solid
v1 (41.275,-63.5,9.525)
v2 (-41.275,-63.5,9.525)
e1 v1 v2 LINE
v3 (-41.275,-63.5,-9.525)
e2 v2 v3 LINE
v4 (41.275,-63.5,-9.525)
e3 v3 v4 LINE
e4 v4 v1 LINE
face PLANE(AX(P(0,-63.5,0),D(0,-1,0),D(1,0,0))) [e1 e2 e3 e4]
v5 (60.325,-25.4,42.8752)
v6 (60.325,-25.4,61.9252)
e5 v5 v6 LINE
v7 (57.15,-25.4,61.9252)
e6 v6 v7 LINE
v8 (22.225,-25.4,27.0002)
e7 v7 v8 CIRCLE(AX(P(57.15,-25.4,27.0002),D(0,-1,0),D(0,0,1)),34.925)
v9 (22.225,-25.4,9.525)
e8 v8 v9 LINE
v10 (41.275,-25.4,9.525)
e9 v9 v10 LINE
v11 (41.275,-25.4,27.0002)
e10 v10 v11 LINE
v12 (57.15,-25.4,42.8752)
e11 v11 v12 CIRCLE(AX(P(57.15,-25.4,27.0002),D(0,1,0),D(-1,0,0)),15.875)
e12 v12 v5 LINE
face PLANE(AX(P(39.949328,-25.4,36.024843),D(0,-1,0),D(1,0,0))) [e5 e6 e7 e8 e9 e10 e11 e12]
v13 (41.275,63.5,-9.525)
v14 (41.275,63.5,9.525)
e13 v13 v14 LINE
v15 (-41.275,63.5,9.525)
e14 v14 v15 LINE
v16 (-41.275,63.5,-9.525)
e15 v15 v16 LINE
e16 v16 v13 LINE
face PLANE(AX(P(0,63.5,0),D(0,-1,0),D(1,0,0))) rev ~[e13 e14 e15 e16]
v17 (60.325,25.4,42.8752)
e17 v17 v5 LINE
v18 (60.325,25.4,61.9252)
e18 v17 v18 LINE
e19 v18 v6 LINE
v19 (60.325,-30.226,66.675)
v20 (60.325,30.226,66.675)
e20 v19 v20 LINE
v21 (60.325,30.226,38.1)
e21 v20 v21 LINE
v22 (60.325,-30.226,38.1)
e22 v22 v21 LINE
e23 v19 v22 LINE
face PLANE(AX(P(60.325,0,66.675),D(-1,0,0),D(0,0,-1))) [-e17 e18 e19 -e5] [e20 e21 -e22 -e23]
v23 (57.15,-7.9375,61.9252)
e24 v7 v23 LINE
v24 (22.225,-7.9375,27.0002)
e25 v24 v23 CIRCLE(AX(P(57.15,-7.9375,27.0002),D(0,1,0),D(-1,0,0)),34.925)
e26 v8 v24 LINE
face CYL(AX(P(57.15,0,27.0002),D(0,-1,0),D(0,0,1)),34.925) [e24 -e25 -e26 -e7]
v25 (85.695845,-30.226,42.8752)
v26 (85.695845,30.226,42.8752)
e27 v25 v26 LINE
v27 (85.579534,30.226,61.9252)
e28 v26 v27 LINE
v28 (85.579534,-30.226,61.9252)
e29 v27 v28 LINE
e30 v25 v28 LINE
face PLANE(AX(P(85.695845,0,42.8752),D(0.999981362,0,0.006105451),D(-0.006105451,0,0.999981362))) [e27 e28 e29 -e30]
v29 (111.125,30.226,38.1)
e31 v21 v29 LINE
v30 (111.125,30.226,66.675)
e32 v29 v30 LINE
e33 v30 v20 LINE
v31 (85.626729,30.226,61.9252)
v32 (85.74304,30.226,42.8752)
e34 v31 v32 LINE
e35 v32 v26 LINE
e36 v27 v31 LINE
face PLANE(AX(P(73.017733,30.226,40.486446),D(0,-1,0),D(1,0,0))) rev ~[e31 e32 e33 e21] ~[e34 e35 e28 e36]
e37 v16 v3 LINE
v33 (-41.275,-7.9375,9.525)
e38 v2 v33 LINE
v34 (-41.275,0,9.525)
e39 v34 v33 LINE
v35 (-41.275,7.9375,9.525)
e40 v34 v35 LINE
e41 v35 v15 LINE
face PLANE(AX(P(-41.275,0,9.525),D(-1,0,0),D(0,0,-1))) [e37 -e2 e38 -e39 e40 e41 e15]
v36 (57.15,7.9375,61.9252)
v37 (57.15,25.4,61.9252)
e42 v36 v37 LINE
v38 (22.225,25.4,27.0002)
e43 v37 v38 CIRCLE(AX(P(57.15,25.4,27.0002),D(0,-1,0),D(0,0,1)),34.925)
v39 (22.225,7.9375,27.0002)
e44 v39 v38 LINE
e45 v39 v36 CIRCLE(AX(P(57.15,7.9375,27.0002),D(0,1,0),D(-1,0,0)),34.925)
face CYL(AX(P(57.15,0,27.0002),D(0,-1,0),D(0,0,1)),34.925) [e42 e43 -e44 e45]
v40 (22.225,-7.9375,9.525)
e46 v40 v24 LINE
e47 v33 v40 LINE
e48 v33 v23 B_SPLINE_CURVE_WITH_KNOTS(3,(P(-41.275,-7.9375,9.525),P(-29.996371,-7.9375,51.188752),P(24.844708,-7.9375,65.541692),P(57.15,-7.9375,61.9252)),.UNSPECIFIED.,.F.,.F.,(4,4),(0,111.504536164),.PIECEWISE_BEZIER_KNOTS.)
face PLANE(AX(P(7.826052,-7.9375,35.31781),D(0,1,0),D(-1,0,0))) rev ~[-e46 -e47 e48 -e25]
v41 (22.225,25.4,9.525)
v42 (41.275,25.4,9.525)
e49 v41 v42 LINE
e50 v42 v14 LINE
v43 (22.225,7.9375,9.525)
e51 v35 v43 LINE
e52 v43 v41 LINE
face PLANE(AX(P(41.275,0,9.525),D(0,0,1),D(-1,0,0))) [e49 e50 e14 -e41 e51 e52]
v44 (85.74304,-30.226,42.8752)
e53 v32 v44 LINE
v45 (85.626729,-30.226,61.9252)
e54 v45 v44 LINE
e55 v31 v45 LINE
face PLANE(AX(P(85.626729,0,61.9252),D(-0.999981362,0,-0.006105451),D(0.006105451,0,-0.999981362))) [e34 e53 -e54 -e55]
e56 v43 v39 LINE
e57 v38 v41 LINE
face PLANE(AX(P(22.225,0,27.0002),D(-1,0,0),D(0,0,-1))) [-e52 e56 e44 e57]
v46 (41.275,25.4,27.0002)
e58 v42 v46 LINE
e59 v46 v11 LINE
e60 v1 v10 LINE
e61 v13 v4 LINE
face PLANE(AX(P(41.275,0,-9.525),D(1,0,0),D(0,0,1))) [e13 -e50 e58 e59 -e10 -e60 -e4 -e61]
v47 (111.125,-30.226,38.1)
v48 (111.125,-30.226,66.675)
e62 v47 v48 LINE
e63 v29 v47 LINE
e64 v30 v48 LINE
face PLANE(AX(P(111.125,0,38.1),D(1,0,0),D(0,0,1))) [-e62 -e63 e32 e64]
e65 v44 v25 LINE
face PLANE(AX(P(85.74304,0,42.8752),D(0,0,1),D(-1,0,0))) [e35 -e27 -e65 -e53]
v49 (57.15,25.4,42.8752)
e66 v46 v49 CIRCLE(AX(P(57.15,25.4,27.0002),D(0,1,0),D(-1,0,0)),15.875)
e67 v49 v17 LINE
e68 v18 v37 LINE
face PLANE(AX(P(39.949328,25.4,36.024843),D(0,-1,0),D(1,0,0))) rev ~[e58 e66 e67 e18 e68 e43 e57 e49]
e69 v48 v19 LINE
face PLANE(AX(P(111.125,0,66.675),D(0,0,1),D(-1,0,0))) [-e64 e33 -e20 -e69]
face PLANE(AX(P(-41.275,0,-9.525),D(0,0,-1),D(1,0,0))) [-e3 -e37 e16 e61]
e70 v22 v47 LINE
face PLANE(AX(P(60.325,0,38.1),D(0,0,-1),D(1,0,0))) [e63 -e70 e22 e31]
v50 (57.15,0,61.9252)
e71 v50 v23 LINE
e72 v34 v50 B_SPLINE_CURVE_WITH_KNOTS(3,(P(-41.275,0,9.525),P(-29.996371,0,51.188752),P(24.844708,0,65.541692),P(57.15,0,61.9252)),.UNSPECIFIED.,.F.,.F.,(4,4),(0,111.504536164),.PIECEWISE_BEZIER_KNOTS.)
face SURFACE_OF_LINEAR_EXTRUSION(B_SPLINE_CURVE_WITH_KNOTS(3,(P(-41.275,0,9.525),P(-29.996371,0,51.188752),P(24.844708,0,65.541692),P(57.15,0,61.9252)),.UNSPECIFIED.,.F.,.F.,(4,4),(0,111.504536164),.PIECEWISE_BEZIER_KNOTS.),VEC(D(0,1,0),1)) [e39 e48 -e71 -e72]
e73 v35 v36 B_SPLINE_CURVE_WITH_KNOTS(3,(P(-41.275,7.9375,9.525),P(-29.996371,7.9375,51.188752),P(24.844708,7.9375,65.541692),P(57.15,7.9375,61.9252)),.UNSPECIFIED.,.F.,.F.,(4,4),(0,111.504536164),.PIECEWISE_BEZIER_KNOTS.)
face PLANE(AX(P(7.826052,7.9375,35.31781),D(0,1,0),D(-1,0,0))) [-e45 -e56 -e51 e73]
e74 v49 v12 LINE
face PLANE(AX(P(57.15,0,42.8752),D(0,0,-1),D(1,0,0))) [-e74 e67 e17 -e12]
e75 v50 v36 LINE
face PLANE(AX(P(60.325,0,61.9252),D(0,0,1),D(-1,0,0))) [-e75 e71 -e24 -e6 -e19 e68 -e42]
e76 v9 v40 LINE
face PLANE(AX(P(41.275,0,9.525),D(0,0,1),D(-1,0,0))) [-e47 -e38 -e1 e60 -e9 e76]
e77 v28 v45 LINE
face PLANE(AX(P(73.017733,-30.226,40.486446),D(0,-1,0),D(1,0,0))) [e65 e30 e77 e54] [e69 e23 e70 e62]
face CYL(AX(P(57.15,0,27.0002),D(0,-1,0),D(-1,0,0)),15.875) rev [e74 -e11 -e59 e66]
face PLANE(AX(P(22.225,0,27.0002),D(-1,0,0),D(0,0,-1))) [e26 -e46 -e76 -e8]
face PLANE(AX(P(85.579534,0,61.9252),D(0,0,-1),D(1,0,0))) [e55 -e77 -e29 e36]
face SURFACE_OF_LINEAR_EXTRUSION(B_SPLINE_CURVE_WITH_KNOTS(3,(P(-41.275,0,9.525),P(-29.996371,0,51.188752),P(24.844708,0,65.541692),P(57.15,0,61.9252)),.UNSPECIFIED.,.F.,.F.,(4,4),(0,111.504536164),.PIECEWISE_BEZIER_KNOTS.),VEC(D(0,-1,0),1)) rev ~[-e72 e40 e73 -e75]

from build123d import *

# Parameters (mm, degrees)
F1_DEPTH = 63.5
F2_DEPTH = 7.9375
F3_DEPTH = 25.4
F4_DEPTH = 30.226


with BuildPart() as f1:
    # F0 (on Front) → F1 (new body, symmetric)
    with BuildSketch(Plane.XZ):
        Polygon((-41.275, 9.525), (-41.275, -9.525), (41.275, -9.525), (41.275, 9.525), (22.225, 9.525), align=None)
    extrude(amount=F1_DEPTH, both=True)

    # F0 (on Front) → F2 (join, symmetric)
    with BuildSketch(Plane.XZ):
        with BuildLine():
            add(Edge.make_bspline(
                [(-41.275, 9.525), (-29.9963708967, 51.1887520552), (24.8447079211, 65.5416920781), (57.15, 61.9252)],
                knots=[0, 0, 0, 0, 111.5045361635, 111.5045361635, 111.5045361635, 111.5045361635], degree=3))
            Line((-41.275, 9.525), (22.225, 9.525))
            Line((22.225, 9.525), (22.225, 27.0002))
            ThreePointArc((22.225, 27.0002), (32.4542956671, 51.6959043329), (57.15, 61.9252))
        make_face()
    extrude(amount=F2_DEPTH, both=True)

    # F0 (on Front) → F3 (join, symmetric)
    with BuildSketch(Plane.XZ):
        with BuildLine():
            Line((22.225, 9.525), (41.275, 9.525))
            Line((41.275, 9.525), (41.275, 27.0002))
            ThreePointArc((41.275, 27.0002), (45.9246798487, 38.2255201513), (57.15, 42.8752))
            Line((57.15, 42.8752), (60.325, 42.8752))
            Line((60.325, 42.8752), (60.325, 61.9252))
            Line((60.325, 61.9252), (57.15, 61.9252))
            ThreePointArc((57.15, 61.9252), (32.4542956671, 51.6959043329), (22.225, 27.0002))
            Line((22.225, 27.0002), (22.225, 9.525))
        make_face()
    extrude(amount=F3_DEPTH, both=True)

    # F0 (on Front) → F4 (join, symmetric)
    with BuildSketch(Plane.XZ):
        Polygon((85.6958447059, 42.8752), (60.325, 42.8752), (60.325, 38.1), (85.725, 38.1), align=None)
        Polygon((60.325, 66.675), (60.325, 61.9252), (85.5795336922, 61.9252), (85.5505334795, 66.675), align=None)
        Polygon((85.5795336922, 61.9252), (60.325, 61.9252), (60.325, 42.8752), (85.6958447059, 42.8752), align=None)
        Polygon((85.5505334795, 66.675), (85.5795336922, 61.9252), (85.6267288327, 61.9252), (85.7430398464, 42.8752), (85.6958447059, 42.8752), (85.725, 38.1), (111.125, 38.1), (111.125, 66.675), align=None)
    extrude(amount=F4_DEPTH, both=True)


solid = f1.part
